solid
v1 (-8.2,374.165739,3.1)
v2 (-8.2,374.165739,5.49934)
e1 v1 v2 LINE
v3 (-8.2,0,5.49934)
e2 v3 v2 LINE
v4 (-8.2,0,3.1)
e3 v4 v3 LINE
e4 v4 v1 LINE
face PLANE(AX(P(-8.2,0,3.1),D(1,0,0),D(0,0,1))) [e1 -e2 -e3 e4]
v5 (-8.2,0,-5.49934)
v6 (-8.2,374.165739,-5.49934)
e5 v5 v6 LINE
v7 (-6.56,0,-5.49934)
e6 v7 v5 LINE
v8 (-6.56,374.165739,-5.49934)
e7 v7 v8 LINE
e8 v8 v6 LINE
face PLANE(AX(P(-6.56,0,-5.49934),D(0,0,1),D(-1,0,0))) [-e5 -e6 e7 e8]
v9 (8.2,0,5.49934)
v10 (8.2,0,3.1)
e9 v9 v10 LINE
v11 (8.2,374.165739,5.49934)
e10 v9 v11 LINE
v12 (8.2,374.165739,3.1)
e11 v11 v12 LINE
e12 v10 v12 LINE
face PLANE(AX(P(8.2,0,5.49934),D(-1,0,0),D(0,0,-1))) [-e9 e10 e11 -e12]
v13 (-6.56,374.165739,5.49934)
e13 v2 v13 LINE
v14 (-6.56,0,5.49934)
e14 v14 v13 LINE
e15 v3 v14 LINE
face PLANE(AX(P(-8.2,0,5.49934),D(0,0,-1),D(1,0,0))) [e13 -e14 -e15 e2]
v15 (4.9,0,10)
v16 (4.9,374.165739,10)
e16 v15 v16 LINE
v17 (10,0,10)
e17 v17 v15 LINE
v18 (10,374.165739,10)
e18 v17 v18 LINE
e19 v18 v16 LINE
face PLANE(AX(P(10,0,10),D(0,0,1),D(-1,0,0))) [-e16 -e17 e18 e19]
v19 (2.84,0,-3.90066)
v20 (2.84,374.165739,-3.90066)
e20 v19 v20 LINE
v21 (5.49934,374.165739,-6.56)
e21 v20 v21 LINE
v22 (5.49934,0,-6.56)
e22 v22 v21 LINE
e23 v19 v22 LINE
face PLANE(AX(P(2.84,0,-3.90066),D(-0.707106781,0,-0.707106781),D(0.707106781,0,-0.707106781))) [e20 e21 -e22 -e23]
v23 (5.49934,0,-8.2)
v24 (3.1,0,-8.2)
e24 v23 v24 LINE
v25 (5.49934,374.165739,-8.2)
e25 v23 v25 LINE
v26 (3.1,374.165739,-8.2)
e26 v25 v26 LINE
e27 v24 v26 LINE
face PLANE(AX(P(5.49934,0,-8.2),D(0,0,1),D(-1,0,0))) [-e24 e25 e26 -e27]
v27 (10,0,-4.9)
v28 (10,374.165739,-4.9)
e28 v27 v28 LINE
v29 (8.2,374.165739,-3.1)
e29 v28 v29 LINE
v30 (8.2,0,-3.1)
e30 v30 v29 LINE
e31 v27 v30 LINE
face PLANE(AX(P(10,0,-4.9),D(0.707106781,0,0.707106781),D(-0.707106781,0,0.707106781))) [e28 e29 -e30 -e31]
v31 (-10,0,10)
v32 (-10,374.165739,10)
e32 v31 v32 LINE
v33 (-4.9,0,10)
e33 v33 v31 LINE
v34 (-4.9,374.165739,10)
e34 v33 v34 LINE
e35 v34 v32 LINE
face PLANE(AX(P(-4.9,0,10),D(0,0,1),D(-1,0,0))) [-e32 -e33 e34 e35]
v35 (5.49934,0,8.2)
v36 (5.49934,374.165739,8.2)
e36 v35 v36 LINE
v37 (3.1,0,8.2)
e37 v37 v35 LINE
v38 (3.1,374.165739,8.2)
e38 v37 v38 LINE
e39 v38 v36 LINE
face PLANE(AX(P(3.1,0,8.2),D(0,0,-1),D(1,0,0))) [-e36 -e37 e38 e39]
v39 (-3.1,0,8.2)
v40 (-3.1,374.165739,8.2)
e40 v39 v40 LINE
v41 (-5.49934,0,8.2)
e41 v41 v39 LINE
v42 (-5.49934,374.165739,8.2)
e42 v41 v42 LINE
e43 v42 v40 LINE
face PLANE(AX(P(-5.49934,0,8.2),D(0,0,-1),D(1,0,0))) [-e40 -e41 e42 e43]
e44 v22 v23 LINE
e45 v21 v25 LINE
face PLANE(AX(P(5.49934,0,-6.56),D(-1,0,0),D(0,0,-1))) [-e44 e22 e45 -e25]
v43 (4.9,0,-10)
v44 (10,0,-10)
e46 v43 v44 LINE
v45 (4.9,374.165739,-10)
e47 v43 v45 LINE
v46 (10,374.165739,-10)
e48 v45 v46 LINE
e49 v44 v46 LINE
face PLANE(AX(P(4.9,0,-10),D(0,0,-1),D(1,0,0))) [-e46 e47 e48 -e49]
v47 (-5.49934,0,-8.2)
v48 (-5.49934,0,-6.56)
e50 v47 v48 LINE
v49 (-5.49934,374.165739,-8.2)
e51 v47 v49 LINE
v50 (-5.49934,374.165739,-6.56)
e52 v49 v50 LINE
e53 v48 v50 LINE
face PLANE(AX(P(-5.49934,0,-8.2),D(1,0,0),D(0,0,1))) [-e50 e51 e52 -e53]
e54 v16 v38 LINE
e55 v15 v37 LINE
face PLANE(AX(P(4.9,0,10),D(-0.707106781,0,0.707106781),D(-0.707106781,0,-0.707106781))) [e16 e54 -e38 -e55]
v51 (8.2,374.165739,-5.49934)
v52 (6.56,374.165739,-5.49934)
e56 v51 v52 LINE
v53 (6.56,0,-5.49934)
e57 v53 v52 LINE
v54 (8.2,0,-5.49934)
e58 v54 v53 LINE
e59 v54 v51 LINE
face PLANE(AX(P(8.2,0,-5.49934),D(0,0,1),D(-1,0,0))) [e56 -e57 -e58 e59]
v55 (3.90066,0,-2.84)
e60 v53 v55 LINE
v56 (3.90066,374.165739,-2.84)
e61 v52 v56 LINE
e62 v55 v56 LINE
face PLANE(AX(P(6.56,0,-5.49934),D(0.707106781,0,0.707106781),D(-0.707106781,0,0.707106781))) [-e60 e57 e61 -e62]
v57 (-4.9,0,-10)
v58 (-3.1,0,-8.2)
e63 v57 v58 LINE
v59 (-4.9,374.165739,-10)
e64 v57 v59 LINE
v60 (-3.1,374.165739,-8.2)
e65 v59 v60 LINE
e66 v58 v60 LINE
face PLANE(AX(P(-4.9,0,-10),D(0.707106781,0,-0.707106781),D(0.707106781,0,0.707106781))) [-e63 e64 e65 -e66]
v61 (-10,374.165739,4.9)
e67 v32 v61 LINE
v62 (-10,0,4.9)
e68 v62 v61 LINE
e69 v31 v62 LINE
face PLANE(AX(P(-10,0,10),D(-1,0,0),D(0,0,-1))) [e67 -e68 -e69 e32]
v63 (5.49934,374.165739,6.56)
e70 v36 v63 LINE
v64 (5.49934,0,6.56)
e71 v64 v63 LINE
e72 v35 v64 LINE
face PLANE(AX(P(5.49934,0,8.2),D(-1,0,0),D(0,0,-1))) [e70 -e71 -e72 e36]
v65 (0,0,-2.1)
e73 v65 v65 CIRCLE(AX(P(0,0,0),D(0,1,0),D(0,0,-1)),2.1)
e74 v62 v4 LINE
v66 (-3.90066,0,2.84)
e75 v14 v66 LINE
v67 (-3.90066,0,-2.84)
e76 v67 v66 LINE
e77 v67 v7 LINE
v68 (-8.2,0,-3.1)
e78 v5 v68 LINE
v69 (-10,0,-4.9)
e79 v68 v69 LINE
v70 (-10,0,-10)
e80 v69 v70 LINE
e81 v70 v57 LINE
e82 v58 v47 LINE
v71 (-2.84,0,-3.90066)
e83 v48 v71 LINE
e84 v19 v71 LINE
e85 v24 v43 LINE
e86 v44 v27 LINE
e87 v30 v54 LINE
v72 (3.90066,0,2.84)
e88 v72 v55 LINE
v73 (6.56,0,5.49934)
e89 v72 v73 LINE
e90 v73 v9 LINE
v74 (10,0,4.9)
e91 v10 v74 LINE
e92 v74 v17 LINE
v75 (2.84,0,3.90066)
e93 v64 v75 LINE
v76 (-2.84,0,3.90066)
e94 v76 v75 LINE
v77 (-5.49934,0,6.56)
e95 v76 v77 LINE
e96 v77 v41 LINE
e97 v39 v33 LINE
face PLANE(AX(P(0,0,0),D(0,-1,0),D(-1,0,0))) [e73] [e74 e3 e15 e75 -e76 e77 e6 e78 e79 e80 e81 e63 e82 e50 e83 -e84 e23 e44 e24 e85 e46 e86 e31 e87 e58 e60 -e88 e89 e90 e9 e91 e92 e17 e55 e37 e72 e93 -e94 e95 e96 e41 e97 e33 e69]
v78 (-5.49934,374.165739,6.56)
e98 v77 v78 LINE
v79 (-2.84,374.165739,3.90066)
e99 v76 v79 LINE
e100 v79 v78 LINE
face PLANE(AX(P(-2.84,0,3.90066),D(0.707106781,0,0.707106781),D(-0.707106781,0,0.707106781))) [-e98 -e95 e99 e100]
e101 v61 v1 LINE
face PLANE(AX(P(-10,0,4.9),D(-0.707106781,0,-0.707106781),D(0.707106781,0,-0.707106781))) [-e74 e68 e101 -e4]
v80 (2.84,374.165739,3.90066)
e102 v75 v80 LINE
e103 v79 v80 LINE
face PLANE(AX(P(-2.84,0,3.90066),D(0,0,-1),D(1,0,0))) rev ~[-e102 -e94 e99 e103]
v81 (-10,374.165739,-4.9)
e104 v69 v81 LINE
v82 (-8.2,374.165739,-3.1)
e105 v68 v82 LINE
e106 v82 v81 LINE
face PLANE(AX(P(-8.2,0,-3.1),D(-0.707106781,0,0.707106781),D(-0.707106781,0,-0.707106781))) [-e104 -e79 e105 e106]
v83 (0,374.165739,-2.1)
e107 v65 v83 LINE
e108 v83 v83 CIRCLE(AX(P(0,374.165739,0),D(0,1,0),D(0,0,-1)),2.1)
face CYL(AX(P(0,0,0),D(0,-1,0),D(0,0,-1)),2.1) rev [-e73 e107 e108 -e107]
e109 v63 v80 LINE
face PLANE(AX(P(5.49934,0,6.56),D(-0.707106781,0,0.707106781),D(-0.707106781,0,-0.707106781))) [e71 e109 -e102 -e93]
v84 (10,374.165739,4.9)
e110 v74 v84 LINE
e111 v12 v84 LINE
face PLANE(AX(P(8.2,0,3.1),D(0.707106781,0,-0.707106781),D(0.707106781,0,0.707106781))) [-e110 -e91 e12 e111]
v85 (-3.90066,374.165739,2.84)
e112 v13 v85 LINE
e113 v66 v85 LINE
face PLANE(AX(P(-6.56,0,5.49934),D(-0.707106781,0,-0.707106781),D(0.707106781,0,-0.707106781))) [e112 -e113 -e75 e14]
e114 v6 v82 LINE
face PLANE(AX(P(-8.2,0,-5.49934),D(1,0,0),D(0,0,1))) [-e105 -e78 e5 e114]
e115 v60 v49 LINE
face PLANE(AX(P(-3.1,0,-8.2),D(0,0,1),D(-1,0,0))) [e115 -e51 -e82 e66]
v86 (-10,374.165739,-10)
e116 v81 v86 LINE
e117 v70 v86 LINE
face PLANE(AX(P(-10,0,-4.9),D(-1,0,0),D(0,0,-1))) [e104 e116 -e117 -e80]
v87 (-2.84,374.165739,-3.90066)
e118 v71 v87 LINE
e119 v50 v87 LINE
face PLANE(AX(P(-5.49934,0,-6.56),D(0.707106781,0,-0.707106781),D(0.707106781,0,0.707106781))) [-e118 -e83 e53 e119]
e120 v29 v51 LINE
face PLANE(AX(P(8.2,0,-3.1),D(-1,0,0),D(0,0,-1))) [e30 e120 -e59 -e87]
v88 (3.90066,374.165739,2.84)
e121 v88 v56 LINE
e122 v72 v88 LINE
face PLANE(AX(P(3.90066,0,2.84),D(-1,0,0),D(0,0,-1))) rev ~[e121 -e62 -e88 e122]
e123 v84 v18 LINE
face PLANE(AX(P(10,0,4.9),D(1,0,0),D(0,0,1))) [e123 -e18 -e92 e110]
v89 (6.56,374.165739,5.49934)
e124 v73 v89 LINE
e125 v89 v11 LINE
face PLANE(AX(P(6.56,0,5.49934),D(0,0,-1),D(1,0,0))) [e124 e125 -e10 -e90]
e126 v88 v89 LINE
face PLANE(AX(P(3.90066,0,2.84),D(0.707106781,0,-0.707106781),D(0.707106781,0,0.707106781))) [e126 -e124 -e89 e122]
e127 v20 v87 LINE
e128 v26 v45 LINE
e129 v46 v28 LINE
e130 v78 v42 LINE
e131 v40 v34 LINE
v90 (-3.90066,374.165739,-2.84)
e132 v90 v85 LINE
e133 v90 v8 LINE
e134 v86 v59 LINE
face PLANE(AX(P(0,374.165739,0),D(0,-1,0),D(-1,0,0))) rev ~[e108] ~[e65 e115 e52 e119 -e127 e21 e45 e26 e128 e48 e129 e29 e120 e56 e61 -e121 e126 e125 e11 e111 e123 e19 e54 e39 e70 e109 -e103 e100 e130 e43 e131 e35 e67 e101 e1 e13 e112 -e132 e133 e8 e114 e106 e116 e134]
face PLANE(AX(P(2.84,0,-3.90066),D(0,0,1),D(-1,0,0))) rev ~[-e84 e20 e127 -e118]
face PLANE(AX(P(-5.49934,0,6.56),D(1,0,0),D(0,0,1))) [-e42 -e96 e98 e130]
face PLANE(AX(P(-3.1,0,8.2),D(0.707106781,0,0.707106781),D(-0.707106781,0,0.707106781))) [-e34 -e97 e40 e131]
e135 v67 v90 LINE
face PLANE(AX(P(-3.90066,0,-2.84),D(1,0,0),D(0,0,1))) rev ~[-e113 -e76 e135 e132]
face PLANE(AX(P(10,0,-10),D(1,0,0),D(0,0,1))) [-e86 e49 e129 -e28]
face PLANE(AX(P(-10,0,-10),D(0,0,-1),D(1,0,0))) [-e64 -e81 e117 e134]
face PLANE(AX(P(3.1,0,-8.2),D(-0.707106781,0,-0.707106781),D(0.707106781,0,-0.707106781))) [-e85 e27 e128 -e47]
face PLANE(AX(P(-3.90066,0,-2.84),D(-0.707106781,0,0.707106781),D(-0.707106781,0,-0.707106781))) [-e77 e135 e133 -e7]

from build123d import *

# Parameters (mm, degrees)
SKETCH1_R           = 2.1
BOSS_EXTRUDE1_DEPTH = 374.16573868


with BuildPart() as part:
    # Sketch1 → Boss-Extrude1 (new body)
    with BuildSketch(Plane(origin=(0, 0, 0), x_dir=(1, 0, 0), z_dir=(0, 1, 0))):
        Polygon((-3.900660172, -2.84), (-3.900660172, 0), (-3.900660172, 2.84), (-6.56, 5.499339828), (-8.2, 5.499339828), (-8.2, 3.1), (-10, 4.9), (-10, 10), (-4.9, 10), (-3.1, 8.2), (-5.499339828, 8.2), (-5.499339828, 6.56), (-2.84, 3.900660172), (0, 3.900660172), (2.84, 3.900660172), (5.499339828, 6.56), (5.499339828, 8.2), (3.1, 8.2), (4.9, 10), (10, 10), (10, 4.9), (8.2, 3.1), (8.2, 5.499339828), (6.56, 5.499339828), (3.900660172, 2.84), (3.900660172, 0), (3.900660172, -2.84), (6.56, -5.499339828), (8.2, -5.499339828), (8.2, -3.1), (10, -4.9), (10, -10), (4.9, -10), (3.1, -8.2), (5.499339828, -8.2), (5.499339828, -6.56), (2.84, -3.900660172), (0, -3.900660172), (-2.84, -3.900660172), (-5.499339828, -6.56), (-5.499339828, -8.2), (-3.1, -8.2), (-4.9, -10), (-10, -10), (-10, -4.9), (-8.2, -3.1), (-8.2, -5.499339828), (-6.56, -5.499339828), align=None)
        with Locations(Location((0, 0, 0), (0, 0, 90))):
            Circle(SKETCH1_R, mode=Mode.SUBTRACT)
    extrude(amount=BOSS_EXTRUDE1_DEPTH)


solid = part.part
